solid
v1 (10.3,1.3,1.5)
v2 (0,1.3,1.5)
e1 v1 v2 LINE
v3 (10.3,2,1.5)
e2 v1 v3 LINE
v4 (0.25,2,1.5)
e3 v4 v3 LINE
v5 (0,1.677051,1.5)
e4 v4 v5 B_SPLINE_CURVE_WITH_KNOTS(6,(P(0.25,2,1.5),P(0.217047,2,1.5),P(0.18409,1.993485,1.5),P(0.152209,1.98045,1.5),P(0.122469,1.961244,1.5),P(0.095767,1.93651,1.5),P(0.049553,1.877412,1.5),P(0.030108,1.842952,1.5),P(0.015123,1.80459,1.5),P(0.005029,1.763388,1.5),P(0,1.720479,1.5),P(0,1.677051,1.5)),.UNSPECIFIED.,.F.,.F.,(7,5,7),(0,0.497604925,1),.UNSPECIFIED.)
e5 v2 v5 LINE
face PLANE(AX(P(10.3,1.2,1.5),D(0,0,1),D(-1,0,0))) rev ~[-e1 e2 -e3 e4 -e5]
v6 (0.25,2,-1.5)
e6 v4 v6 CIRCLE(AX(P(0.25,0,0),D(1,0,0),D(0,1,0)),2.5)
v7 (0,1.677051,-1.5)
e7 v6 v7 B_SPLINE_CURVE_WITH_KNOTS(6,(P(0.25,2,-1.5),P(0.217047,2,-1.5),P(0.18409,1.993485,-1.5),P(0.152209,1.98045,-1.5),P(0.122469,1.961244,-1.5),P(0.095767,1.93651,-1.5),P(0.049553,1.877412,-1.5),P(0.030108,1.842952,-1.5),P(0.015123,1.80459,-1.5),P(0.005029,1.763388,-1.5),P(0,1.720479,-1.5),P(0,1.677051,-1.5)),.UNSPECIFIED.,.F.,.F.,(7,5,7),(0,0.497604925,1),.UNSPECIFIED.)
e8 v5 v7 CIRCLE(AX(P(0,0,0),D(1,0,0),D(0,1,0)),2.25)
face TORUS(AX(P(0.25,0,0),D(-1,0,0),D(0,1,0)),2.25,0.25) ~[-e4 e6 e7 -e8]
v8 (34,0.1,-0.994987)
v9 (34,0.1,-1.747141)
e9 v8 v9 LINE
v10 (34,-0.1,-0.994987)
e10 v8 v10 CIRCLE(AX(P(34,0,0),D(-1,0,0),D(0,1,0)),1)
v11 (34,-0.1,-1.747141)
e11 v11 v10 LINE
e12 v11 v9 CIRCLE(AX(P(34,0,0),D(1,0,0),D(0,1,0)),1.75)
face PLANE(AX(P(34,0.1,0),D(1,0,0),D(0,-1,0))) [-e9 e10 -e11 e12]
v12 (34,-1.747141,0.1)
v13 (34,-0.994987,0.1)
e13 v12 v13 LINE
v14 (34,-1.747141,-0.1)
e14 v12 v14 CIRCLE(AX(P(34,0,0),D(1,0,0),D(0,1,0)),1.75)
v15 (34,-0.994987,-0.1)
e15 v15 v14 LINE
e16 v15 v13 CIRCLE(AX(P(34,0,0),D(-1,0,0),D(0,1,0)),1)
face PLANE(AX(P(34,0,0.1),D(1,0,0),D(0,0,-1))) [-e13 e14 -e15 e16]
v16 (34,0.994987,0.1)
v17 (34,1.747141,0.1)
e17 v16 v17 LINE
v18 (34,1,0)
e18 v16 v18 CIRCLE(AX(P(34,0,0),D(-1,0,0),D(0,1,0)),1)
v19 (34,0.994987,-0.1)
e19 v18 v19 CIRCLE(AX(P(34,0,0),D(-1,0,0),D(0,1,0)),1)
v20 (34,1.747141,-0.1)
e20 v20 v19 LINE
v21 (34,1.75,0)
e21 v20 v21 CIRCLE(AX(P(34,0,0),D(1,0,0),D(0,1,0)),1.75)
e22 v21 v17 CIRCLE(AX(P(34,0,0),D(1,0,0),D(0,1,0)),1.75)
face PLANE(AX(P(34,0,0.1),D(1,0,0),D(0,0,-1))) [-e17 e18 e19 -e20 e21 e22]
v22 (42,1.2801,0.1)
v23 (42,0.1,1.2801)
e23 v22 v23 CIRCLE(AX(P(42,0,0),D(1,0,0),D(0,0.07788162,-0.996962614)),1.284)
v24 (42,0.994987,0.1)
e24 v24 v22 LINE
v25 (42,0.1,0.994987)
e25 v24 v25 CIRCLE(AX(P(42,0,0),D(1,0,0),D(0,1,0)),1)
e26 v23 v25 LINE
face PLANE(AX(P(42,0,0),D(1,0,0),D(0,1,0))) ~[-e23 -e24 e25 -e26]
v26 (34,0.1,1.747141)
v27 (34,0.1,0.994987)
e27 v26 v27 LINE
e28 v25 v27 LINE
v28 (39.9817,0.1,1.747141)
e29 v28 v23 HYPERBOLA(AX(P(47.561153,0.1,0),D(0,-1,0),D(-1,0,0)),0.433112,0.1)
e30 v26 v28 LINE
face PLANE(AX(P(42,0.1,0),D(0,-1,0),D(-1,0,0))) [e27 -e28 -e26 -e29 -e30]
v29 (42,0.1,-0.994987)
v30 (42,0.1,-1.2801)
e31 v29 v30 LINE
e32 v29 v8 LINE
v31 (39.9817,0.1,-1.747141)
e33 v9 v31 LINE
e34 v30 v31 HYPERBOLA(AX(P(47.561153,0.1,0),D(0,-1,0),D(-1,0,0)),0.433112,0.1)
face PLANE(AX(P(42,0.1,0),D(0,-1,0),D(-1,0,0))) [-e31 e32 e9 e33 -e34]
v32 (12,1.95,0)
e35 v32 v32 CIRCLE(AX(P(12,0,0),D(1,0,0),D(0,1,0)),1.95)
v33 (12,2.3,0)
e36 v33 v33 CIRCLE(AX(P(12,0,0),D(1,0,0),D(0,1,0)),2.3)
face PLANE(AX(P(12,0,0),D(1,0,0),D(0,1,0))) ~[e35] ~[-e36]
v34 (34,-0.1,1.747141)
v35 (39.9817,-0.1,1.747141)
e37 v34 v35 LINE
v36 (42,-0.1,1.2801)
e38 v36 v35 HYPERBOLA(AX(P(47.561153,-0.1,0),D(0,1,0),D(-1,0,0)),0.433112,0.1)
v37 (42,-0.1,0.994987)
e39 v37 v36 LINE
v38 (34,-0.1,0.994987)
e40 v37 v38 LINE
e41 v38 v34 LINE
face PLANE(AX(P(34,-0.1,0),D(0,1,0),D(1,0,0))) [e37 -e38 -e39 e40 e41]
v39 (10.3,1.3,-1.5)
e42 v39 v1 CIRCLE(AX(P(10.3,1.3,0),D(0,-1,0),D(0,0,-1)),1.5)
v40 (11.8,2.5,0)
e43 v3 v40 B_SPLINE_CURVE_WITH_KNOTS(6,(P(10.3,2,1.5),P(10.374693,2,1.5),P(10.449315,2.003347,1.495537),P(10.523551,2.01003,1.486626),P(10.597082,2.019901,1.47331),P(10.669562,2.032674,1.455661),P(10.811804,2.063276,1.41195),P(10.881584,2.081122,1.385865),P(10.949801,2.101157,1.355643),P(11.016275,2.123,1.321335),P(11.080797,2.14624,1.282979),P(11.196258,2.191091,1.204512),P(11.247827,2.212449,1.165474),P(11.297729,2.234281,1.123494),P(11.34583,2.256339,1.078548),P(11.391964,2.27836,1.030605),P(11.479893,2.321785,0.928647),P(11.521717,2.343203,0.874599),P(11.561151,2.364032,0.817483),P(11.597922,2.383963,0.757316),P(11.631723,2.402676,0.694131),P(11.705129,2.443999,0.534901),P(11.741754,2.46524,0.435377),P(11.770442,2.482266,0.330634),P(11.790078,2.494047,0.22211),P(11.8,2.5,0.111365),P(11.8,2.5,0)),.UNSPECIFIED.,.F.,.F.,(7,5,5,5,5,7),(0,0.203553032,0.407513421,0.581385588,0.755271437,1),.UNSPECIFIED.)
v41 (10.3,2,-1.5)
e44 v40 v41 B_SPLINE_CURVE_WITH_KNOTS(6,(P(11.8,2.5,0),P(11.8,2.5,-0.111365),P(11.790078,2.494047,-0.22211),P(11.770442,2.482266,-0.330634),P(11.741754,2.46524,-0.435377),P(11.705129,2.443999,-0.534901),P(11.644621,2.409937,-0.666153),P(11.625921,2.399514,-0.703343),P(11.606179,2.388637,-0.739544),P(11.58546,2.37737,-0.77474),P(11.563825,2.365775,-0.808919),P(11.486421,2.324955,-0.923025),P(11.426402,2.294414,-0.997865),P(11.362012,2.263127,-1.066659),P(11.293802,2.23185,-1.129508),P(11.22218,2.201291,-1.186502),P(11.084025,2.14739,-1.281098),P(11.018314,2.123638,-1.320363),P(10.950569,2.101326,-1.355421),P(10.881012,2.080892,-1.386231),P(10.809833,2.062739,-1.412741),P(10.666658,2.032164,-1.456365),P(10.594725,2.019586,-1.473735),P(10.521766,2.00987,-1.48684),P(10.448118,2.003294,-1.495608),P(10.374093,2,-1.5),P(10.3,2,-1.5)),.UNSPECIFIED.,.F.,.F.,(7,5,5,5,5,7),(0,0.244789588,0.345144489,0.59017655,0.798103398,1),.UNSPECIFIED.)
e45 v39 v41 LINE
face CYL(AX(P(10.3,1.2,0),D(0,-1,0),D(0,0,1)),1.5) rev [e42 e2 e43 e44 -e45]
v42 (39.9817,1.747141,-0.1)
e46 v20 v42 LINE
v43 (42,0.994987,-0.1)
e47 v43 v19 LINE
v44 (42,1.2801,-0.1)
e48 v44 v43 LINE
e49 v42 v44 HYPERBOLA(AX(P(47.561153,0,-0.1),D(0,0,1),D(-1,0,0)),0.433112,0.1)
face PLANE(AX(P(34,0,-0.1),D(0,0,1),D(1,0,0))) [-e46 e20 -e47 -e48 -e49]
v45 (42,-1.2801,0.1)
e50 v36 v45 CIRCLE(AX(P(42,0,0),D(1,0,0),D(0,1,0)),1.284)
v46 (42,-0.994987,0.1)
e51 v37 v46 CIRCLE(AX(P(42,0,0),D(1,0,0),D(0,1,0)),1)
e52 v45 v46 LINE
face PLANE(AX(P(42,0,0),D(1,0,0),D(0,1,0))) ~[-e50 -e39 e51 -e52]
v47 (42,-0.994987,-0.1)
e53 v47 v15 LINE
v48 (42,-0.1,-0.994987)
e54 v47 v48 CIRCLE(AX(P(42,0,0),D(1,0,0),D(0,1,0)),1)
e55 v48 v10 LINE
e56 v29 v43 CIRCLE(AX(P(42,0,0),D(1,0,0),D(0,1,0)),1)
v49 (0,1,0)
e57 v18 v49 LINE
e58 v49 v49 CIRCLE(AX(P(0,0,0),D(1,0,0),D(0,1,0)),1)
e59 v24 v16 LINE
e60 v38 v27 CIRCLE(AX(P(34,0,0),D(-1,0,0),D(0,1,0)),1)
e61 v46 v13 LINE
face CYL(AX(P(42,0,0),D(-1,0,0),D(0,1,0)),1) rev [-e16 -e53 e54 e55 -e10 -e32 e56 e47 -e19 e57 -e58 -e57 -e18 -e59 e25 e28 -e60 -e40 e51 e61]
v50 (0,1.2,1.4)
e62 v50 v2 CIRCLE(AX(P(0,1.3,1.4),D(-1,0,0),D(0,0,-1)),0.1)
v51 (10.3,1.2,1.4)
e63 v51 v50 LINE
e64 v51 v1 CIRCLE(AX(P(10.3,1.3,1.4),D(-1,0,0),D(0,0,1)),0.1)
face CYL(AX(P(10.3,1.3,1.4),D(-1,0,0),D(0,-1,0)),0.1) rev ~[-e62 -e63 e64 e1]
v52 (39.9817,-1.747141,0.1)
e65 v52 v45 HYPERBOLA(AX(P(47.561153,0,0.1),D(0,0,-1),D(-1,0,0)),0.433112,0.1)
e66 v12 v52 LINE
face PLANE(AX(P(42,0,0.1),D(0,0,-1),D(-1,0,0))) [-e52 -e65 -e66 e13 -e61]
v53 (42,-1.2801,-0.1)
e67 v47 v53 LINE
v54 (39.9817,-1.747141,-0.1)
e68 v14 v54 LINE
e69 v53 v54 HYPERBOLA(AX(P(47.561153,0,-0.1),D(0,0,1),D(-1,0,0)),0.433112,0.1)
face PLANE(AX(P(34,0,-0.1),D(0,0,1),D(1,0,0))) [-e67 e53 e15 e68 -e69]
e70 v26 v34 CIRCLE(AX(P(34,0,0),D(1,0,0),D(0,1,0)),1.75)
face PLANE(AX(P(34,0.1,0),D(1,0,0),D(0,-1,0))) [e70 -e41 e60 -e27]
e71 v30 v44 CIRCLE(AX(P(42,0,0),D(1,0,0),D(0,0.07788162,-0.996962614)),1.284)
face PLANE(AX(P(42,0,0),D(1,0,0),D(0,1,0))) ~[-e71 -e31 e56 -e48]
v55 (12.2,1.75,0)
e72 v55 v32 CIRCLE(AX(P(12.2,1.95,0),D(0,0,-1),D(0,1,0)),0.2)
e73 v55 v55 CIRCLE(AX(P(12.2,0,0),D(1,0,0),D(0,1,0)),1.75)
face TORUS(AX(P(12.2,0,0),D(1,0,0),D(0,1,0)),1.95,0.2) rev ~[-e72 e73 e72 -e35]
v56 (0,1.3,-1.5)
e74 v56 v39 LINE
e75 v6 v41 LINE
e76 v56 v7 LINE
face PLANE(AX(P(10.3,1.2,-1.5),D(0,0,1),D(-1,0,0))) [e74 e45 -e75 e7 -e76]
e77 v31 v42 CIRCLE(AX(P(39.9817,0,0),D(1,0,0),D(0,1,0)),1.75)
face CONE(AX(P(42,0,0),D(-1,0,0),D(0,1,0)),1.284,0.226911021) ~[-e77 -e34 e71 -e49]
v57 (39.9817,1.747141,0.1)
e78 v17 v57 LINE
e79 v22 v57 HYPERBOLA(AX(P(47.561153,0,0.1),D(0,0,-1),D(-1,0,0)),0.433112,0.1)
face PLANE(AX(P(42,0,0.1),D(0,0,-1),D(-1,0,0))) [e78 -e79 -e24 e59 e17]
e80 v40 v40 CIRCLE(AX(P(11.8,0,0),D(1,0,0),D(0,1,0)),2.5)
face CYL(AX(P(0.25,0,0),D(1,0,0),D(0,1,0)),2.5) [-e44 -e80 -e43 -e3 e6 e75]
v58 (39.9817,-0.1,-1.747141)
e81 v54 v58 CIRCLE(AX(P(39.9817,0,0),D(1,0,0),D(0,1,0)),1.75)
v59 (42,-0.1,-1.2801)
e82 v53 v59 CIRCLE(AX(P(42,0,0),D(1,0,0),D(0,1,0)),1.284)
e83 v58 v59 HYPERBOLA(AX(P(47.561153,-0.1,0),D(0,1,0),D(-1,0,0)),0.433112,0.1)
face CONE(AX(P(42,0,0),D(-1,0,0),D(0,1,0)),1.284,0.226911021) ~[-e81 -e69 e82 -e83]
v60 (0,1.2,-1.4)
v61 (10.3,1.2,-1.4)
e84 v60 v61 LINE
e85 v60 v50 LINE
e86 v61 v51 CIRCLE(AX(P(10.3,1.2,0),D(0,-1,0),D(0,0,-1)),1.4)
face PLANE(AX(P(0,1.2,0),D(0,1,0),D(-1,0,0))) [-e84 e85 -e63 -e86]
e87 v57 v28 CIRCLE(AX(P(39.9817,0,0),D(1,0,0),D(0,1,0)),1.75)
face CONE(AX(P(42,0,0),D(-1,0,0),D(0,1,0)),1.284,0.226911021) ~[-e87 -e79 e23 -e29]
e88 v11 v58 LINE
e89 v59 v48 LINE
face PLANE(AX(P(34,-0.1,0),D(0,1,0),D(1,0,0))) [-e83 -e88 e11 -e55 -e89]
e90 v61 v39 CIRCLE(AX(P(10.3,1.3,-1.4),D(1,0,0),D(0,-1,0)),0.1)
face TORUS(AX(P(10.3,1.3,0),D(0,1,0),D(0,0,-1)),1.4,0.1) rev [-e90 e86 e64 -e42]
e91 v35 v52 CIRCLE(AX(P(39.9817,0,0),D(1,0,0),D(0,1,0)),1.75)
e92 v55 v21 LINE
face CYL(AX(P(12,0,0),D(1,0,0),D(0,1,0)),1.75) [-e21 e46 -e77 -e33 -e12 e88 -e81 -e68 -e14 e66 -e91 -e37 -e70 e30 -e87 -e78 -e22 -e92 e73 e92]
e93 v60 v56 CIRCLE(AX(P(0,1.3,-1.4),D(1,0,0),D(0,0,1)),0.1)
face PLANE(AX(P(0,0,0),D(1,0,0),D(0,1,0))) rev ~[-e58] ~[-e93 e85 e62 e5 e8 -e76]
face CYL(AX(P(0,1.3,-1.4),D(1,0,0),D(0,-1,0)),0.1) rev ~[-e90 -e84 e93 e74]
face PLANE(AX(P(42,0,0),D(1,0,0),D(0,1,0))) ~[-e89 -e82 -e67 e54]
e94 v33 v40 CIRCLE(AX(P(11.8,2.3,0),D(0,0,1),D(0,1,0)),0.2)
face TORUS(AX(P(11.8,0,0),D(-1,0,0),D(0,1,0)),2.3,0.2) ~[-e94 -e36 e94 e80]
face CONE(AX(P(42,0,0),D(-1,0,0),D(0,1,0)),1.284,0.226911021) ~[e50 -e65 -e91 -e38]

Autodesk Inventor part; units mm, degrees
ref_plane "YZ Plane" through (0, 0, 0) normal (1, 0, 0) x (0, 1, 0)
ref_plane "XY Plane" through (0, 0, 0) normal (0, 0, 1) x (1, 0, 0)
sketch "Skizze1" plane through (0, 0, 0) normal (0, 0, 1) x (1, 0, 0)
  line L0 (42, 1) -> (0, 1)
  line L1 (0, 2.25) -> (0, 1)
  arc A0 (0.25, 2.5) -> (0, 2.25) centre (0.25, 2.25) ccw
  line L2 (0.25, 2.5) -> (12, 2.5)
  line L3 (12, 1.75) -> (12, 2.5)
  line L4 (34, 1) -> (34, 0.995)
  line L5 (-8.4621, 0) -> (50.4104, 0) projected
  line L6 (0, 0.6836) -> (0, 2.8631) projected
  line L7 (11.9997, 1.75) -> (39.9817, 1.75)
  line L8 (42, 1) -> (42, 1.284)
  line L9 (42, 1.284) -> (39.9817, 1.75)
  dimension "d0" = 2
  dimension "d1" = 5
  dimension "d8" = 42
  dimension "d9" = 0.25
  dimension "d10" = 3.5
  dimension "d24" = 103
revolve "Umdrehung1" add sketch "Skizze1" angle 360 about axis through (-10, 0, 0) along (1, 0, 0)
ref_plane "Arbeitsebene1" through (0, 1.2, 0) normal (0, 1, 0) x (-1, 0, 0)
sketch "Skizze2" plane through (0, 1.2, 0) normal (0, 1, 0) x (-1, 0, 0)
  line L0 (8.4, 0) -> (-50.4, 0) projected
  arc A0 (-10.3, 1.5) -> (-10.3, -1.5) centre (-10.3, 0) ccw
  line L1 (0, 1) -> (0, -1) projected
  line L2 (-10.3, -1.5) -> (0, -1.5)
  line L3 (-42, -1) -> (0, -1) projected
  line L4 (-10.3, 1.5) -> (0, 1.5)
  line L5 (0, 2.25) -> (0, -2.25) projected
  line L6 (0, 1.5) -> (0, -1.5)
  point P0 (0, 0)
  dimension "d13" = 3
  dimension "d14" = 10.3
extrude "Extrusion1" cut sketch "Skizze2" along normal through all
sketch "Skizze3" plane through (0, 0, 0) normal (0, 0, 1) x (1, 0, 0)
  line L0 (-8.4, 0) -> (50.4, 0) projected
  line L1 (42, 0.1) -> (34, 0.1)
  line L2 (34, 0.1) -> (34, -0.1)
  line L3 (34, -0.1) -> (42, -0.1)
  line L4 (42, -0.1) -> (42, 0.1)
  line L5 (42, -1) -> (42, 1) projected
  point P0 (0, 0)
  dimension "d17" = 8
  dimension "d18" = 0.2
extrude "Extrusion2" cut sketch "Skizze3" along normal through all both and the other way through all
pattern_circular "Runde Anordnung1" count 4 over 360 about axis through (25.9908, 0, 0) along (1, 0, 0) of "Extrusion2"
thread "Gewinde1" size "M3.5x0.6" class "6g" standard "ISO Metric profile" length 10 offset 21
fillet "Rundung1" radius 0.2 2 edges at (12, -1.75, 0) (12, -2.5, 0)
fillet "Rundung2" radius 0.1 3 edges at (11.8, 1.2, 0) (5.15, 1.2, 1.5) (5.15, 1.2, -1.5)
properties part number "YTP-AP-E14-R1.0"
